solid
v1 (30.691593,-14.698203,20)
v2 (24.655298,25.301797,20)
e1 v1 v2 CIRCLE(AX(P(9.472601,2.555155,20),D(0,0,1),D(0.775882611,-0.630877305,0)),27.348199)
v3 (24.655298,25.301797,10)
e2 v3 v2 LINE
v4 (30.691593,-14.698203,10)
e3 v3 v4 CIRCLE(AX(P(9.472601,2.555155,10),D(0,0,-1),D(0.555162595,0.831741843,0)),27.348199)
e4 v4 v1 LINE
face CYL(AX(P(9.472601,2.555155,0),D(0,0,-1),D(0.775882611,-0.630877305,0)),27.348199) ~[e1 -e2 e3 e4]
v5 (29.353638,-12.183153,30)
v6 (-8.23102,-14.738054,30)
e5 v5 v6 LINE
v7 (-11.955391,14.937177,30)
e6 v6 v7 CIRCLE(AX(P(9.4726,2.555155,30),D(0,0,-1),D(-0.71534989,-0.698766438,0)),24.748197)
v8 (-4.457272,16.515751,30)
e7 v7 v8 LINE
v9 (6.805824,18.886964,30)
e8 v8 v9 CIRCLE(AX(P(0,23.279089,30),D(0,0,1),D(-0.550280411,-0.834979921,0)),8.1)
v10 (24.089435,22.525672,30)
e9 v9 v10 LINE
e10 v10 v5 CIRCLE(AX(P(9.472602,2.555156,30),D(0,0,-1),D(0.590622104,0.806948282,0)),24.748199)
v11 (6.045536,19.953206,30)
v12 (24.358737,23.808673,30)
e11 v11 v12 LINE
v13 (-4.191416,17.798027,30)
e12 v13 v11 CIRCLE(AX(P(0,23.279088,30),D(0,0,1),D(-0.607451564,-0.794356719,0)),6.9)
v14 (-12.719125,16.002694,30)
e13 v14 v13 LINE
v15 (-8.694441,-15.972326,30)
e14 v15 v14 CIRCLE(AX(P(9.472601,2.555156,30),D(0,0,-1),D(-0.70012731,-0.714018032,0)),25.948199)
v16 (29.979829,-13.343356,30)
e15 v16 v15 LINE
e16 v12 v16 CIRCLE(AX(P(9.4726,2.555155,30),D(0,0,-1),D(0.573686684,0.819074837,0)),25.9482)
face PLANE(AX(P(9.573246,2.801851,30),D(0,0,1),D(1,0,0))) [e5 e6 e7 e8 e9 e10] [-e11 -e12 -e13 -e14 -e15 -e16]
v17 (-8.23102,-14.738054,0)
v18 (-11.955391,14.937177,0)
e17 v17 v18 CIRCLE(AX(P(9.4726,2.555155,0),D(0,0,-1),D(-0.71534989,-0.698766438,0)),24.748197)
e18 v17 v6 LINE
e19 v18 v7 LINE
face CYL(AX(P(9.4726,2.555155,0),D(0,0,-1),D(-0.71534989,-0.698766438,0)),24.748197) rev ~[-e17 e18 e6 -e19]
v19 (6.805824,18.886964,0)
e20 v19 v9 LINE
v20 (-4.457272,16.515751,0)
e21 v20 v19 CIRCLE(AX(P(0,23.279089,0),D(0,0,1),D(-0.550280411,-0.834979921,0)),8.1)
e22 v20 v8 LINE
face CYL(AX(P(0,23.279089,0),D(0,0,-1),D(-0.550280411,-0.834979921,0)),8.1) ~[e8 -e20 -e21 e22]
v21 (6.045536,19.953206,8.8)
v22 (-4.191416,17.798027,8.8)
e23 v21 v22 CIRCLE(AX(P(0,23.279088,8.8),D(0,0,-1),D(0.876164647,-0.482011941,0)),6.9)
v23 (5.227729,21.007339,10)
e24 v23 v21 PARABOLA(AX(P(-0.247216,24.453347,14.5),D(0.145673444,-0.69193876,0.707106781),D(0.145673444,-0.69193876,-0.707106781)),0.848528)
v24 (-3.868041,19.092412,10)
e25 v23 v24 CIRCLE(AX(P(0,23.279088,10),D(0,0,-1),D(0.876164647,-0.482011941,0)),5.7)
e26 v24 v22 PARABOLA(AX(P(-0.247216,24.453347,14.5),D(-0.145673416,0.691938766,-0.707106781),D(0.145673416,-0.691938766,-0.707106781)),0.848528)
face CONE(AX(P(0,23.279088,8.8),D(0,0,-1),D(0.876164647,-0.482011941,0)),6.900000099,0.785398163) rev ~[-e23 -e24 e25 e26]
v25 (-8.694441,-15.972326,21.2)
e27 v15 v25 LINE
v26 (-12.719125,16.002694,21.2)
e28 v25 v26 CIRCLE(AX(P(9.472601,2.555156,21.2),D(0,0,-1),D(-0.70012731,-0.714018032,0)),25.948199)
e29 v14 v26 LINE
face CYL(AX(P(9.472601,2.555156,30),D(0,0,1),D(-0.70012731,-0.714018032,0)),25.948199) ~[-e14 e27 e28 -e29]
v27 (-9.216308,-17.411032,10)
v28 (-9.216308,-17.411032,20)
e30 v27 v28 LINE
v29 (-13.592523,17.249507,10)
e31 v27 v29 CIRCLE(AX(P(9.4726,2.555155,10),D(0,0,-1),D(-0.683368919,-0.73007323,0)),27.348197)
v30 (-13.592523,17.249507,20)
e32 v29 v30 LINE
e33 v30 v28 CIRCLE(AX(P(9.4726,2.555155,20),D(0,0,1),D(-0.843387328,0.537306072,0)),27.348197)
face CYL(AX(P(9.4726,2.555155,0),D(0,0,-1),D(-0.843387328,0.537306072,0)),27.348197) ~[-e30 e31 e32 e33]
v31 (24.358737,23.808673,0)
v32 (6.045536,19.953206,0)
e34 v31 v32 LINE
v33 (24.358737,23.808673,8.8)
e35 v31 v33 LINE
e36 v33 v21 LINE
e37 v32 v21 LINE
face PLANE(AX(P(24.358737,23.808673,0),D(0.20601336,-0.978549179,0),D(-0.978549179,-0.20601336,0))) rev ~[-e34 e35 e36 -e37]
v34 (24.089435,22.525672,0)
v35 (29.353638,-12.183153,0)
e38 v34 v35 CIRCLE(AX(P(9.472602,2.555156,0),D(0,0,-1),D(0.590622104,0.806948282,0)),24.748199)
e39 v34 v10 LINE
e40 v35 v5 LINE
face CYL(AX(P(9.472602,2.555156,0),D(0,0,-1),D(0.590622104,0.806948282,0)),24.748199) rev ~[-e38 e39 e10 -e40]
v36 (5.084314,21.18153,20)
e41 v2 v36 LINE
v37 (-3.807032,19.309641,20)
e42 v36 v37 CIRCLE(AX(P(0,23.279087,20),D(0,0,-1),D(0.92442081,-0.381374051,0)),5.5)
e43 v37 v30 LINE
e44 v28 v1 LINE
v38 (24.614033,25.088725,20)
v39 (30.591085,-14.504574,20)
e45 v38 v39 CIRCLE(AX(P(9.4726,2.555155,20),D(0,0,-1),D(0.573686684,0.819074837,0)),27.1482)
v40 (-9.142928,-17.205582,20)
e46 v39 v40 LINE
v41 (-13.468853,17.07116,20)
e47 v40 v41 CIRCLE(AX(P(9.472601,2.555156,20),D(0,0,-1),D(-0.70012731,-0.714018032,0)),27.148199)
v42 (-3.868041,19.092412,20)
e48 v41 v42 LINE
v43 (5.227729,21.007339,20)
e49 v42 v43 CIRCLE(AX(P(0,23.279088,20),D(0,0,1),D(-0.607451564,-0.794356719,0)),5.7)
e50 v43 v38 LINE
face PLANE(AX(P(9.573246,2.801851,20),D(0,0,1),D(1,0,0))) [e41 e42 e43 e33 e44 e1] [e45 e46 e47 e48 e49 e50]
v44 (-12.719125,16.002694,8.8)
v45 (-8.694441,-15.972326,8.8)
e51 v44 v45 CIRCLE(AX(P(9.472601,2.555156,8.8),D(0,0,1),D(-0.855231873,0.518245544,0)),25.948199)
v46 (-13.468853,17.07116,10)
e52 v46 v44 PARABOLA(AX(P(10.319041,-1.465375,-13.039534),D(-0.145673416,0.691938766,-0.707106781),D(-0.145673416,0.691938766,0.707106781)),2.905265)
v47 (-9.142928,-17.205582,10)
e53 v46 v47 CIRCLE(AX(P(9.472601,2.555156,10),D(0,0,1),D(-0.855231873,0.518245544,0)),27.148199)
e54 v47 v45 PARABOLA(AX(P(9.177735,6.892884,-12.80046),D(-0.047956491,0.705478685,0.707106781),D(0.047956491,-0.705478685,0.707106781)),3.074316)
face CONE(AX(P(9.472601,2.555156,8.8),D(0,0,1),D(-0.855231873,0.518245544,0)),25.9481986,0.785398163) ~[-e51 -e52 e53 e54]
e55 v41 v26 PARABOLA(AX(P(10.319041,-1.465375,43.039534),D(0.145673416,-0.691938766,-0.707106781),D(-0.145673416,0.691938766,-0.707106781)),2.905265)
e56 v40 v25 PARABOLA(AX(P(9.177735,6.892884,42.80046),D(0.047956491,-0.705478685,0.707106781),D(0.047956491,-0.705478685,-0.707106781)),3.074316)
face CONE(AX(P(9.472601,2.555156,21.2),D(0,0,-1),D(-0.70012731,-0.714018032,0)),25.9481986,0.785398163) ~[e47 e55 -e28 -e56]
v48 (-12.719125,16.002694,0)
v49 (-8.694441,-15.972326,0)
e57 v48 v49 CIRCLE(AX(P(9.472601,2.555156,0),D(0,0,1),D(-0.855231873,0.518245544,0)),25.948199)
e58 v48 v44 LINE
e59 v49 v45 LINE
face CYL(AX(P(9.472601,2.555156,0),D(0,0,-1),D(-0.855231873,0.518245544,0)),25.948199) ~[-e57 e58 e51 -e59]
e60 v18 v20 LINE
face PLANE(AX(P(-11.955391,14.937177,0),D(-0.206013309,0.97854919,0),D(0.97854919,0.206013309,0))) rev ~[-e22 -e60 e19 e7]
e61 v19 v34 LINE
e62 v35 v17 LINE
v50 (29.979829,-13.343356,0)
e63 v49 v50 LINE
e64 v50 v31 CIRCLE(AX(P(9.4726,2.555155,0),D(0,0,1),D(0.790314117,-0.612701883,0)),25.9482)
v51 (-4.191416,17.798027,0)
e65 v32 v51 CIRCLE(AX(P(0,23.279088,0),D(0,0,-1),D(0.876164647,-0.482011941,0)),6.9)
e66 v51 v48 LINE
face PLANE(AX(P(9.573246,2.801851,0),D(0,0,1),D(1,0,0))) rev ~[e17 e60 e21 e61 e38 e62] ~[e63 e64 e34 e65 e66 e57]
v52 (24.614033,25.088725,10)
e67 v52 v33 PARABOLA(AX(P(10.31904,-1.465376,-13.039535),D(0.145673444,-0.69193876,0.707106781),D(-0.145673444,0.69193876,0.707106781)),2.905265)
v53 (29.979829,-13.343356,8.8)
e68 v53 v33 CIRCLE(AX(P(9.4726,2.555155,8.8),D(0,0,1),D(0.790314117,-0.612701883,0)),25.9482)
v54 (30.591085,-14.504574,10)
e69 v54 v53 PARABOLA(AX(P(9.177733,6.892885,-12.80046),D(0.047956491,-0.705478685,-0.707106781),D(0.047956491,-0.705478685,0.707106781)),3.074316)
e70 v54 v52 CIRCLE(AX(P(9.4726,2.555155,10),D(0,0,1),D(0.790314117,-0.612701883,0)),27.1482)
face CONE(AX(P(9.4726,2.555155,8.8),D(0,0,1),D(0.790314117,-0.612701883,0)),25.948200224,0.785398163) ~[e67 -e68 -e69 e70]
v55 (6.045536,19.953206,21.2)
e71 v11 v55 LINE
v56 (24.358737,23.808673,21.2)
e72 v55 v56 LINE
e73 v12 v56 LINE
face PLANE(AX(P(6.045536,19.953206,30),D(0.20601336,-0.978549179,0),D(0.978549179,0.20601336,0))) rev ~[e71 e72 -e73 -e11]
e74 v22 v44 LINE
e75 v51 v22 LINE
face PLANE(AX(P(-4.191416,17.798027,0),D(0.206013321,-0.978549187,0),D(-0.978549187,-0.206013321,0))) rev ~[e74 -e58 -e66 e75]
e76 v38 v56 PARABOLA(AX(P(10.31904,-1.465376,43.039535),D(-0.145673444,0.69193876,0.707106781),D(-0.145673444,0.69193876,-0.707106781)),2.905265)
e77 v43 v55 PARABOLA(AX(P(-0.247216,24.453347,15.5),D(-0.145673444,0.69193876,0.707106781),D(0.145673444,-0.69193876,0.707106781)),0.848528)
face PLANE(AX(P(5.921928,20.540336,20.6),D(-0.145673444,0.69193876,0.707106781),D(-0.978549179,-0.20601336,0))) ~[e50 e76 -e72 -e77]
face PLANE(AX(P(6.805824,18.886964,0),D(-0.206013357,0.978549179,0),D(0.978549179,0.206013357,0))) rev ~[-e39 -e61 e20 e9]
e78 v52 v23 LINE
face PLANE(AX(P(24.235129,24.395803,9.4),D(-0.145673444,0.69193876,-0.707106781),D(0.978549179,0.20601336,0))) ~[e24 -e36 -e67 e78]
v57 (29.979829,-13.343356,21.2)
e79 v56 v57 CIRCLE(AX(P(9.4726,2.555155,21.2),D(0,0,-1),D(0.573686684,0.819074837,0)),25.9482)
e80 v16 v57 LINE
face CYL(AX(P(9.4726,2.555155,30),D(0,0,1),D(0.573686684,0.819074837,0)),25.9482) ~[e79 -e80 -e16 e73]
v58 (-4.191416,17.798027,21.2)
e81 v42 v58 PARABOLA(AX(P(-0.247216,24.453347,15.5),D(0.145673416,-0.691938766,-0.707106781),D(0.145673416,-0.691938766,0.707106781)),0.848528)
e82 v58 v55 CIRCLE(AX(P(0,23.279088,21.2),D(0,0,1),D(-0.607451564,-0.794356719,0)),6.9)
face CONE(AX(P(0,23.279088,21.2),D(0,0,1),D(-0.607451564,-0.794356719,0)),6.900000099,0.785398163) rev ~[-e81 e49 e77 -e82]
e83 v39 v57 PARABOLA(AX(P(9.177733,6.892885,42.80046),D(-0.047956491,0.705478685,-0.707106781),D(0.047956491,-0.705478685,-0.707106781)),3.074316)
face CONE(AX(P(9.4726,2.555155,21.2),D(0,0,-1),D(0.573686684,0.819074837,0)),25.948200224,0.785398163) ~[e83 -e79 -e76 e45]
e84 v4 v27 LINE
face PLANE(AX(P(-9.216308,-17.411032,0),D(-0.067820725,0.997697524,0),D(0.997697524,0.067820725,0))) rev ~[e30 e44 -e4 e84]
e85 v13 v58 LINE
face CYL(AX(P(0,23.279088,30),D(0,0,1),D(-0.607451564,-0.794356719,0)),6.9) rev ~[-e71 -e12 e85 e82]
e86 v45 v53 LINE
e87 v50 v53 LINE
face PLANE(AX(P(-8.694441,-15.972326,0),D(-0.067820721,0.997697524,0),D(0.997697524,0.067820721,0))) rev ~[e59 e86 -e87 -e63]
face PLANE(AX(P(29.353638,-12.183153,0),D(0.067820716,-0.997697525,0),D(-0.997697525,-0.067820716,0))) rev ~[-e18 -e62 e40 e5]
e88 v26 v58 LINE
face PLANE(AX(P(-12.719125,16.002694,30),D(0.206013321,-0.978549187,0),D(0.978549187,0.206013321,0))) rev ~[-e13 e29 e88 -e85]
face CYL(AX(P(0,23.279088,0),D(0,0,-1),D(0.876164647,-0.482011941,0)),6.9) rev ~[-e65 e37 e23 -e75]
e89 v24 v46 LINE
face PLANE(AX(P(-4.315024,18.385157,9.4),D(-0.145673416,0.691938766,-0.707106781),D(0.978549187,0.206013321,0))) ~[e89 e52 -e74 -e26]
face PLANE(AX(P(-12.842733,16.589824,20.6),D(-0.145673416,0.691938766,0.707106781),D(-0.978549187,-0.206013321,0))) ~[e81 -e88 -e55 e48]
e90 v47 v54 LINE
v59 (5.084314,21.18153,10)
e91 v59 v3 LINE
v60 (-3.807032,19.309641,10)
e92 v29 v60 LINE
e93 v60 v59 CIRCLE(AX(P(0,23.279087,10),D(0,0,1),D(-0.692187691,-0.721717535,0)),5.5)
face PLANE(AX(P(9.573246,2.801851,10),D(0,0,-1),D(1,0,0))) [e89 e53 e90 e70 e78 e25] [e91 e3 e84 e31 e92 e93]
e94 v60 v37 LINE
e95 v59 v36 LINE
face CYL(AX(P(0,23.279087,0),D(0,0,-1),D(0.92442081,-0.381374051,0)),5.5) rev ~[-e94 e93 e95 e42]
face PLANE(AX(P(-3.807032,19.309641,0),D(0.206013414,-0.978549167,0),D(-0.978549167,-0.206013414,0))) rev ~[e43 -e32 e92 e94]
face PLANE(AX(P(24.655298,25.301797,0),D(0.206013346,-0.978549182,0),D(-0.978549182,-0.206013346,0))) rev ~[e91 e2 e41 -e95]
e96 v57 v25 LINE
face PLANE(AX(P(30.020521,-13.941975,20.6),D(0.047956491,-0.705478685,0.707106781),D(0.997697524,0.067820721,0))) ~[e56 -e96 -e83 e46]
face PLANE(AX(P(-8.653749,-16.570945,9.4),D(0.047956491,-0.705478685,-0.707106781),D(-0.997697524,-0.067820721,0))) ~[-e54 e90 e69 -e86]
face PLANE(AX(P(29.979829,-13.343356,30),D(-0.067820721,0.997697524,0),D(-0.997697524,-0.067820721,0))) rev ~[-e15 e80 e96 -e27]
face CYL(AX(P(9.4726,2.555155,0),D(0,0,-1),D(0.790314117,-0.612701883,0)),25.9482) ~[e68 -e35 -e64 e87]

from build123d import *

# Parameters (mm, degrees)
F1_DEPTH = 30
F3_DEPTH = 10
F5_DEPTH = 10
F6_SIZE  = 1.2


with BuildPart() as f1:
    # F0 (on Top) → F1 (new body)
    with BuildSketch(Plane.XY):
        with BuildLine():
            Line((-9.216308, -17.411032), (30.691593, -14.698203))
            ThreePointArc((30.691593, -14.698203), (36.514619, 6.635995), (24.655298, 25.301797))
            Line((24.655298, 25.301797), (5.084314, 21.18153))
            ThreePointArc((5.084314, 21.18153), (1.133073, 17.897067), (-3.807032, 19.309641))
            Line((-3.807032, 19.309641), (-13.592523, 17.249507))
            ThreePointArc((-13.592523, 17.249507), (-17.660185, -0.870611), (-9.216308, -17.411032))
        make_face()
        with BuildLine():
            ThreePointArc((-8.23102, -14.738054), (-15.082961, -0.526675), (-11.955391, 14.937177))
            Line((-11.955391, 14.937177), (-4.457272, 16.515751))
            ThreePointArc((-4.457272, 16.515751), (1.668708, 15.35284), (6.805824, 18.886964))
            Line((6.805824, 18.886964), (24.089435, 22.525672))
            ThreePointArc((24.089435, 22.525672), (33.940977, 6.266214), (29.353638, -12.183153))
            Line((29.353638, -12.183153), (-8.23102, -14.738054))
        make_face(mode=Mode.SUBTRACT)
    extrude(amount=F1_DEPTH)

    # F2 (on face) → F3 (cut)
    with BuildSketch(Plane(origin=(0, 0, 0), x_dir=(1, 0, 0), z_dir=(0, 0, -1))):
        with BuildLine():
            Line((30.691593, 14.698203), (-9.216308, 17.411032))
            ThreePointArc((-9.216308, 17.411032), (-17.660185, 0.870611), (-13.592523, -17.249507))
            Line((-13.592523, -17.249507), (-3.807032, -19.309641))
            ThreePointArc((-3.807032, -19.309641), (1.133073, -17.897067), (5.084314, -21.18153))
            Line((5.084314, -21.18153), (24.655298, -25.301797))
            ThreePointArc((24.655298, -25.301797), (36.514619, -6.635995), (30.691593, 14.698203))
        make_face()
        with BuildLine():
            ThreePointArc((6.045536, -19.953206), (1.421492, -16.527099), (-4.191416, -17.798027))
            Line((-4.191416, -17.798027), (-12.719125, -16.002694))
            ThreePointArc((-12.719125, -16.002694), (-16.272457, 0.685365), (-8.694441, 15.972326))
            Line((-8.694441, 15.972326), (29.979829, 13.343356))
            ThreePointArc((29.979829, 13.343356), (35.128806, -6.436932), (24.358737, -23.808673))
            Line((24.358737, -23.808673), (6.045536, -19.953206))
        make_face(mode=Mode.SUBTRACT)
    extrude(amount=-F3_DEPTH, mode=Mode.SUBTRACT)

    # F4 (on face) → F5 (cut)
    with BuildSketch(Plane.XY.offset(30)):
        with BuildLine():
            Line((-3.807032, 19.309641), (-13.592523, 17.249507))
            ThreePointArc((-13.592523, 17.249507), (-17.660185, -0.870611), (-9.216308, -17.411032))
            Line((-9.216308, -17.411032), (30.691593, -14.698203))
            ThreePointArc((30.691593, -14.698203), (36.514619, 6.635995), (24.655298, 25.301797))
            Line((24.655298, 25.301797), (5.084314, 21.18153))
            ThreePointArc((5.084314, 21.18153), (1.133073, 17.897067), (-3.807032, 19.309641))
        make_face()
        with BuildLine():
            ThreePointArc((-8.694441, -15.972326), (-16.272457, -0.685365), (-12.719125, 16.002694))
            Line((-12.719125, 16.002694), (-4.191416, 17.798027))
            ThreePointArc((-4.191416, 17.798027), (1.421492, 16.527099), (6.045536, 19.953206))
            Line((6.045536, 19.953206), (24.358737, 23.808673))
            ThreePointArc((24.358737, 23.808673), (35.128806, 6.436932), (29.979829, -13.343356))
            Line((29.979829, -13.343356), (-8.694441, -15.972326))
        make_face(mode=Mode.SUBTRACT)
    extrude(amount=-F5_DEPTH, mode=Mode.SUBTRACT)

    # F6
    f6_edges = [f1.edges().sort_by_distance(p)[0] for p in [
        (-16.272457, -0.685365, 20),
        (-8.455271, 16.90036, 20),
        (1.421492, 16.527099, 20),
        (15.202137, 21.88094, 20),
        (35.128806, 6.436932, 20),
        (10.642694, -14.657841, 20),
        (15.202137, 21.88094, 10),
        (35.128806, 6.436932, 10),
        (1.421492, 16.527099, 10),
        (-8.455271, 16.90036, 10),
        (-16.272457, -0.685365, 10),
        (10.642694, -14.657841, 10),
    ]]
    chamfer(f6_edges, length=F6_SIZE)


solid = f1.part
